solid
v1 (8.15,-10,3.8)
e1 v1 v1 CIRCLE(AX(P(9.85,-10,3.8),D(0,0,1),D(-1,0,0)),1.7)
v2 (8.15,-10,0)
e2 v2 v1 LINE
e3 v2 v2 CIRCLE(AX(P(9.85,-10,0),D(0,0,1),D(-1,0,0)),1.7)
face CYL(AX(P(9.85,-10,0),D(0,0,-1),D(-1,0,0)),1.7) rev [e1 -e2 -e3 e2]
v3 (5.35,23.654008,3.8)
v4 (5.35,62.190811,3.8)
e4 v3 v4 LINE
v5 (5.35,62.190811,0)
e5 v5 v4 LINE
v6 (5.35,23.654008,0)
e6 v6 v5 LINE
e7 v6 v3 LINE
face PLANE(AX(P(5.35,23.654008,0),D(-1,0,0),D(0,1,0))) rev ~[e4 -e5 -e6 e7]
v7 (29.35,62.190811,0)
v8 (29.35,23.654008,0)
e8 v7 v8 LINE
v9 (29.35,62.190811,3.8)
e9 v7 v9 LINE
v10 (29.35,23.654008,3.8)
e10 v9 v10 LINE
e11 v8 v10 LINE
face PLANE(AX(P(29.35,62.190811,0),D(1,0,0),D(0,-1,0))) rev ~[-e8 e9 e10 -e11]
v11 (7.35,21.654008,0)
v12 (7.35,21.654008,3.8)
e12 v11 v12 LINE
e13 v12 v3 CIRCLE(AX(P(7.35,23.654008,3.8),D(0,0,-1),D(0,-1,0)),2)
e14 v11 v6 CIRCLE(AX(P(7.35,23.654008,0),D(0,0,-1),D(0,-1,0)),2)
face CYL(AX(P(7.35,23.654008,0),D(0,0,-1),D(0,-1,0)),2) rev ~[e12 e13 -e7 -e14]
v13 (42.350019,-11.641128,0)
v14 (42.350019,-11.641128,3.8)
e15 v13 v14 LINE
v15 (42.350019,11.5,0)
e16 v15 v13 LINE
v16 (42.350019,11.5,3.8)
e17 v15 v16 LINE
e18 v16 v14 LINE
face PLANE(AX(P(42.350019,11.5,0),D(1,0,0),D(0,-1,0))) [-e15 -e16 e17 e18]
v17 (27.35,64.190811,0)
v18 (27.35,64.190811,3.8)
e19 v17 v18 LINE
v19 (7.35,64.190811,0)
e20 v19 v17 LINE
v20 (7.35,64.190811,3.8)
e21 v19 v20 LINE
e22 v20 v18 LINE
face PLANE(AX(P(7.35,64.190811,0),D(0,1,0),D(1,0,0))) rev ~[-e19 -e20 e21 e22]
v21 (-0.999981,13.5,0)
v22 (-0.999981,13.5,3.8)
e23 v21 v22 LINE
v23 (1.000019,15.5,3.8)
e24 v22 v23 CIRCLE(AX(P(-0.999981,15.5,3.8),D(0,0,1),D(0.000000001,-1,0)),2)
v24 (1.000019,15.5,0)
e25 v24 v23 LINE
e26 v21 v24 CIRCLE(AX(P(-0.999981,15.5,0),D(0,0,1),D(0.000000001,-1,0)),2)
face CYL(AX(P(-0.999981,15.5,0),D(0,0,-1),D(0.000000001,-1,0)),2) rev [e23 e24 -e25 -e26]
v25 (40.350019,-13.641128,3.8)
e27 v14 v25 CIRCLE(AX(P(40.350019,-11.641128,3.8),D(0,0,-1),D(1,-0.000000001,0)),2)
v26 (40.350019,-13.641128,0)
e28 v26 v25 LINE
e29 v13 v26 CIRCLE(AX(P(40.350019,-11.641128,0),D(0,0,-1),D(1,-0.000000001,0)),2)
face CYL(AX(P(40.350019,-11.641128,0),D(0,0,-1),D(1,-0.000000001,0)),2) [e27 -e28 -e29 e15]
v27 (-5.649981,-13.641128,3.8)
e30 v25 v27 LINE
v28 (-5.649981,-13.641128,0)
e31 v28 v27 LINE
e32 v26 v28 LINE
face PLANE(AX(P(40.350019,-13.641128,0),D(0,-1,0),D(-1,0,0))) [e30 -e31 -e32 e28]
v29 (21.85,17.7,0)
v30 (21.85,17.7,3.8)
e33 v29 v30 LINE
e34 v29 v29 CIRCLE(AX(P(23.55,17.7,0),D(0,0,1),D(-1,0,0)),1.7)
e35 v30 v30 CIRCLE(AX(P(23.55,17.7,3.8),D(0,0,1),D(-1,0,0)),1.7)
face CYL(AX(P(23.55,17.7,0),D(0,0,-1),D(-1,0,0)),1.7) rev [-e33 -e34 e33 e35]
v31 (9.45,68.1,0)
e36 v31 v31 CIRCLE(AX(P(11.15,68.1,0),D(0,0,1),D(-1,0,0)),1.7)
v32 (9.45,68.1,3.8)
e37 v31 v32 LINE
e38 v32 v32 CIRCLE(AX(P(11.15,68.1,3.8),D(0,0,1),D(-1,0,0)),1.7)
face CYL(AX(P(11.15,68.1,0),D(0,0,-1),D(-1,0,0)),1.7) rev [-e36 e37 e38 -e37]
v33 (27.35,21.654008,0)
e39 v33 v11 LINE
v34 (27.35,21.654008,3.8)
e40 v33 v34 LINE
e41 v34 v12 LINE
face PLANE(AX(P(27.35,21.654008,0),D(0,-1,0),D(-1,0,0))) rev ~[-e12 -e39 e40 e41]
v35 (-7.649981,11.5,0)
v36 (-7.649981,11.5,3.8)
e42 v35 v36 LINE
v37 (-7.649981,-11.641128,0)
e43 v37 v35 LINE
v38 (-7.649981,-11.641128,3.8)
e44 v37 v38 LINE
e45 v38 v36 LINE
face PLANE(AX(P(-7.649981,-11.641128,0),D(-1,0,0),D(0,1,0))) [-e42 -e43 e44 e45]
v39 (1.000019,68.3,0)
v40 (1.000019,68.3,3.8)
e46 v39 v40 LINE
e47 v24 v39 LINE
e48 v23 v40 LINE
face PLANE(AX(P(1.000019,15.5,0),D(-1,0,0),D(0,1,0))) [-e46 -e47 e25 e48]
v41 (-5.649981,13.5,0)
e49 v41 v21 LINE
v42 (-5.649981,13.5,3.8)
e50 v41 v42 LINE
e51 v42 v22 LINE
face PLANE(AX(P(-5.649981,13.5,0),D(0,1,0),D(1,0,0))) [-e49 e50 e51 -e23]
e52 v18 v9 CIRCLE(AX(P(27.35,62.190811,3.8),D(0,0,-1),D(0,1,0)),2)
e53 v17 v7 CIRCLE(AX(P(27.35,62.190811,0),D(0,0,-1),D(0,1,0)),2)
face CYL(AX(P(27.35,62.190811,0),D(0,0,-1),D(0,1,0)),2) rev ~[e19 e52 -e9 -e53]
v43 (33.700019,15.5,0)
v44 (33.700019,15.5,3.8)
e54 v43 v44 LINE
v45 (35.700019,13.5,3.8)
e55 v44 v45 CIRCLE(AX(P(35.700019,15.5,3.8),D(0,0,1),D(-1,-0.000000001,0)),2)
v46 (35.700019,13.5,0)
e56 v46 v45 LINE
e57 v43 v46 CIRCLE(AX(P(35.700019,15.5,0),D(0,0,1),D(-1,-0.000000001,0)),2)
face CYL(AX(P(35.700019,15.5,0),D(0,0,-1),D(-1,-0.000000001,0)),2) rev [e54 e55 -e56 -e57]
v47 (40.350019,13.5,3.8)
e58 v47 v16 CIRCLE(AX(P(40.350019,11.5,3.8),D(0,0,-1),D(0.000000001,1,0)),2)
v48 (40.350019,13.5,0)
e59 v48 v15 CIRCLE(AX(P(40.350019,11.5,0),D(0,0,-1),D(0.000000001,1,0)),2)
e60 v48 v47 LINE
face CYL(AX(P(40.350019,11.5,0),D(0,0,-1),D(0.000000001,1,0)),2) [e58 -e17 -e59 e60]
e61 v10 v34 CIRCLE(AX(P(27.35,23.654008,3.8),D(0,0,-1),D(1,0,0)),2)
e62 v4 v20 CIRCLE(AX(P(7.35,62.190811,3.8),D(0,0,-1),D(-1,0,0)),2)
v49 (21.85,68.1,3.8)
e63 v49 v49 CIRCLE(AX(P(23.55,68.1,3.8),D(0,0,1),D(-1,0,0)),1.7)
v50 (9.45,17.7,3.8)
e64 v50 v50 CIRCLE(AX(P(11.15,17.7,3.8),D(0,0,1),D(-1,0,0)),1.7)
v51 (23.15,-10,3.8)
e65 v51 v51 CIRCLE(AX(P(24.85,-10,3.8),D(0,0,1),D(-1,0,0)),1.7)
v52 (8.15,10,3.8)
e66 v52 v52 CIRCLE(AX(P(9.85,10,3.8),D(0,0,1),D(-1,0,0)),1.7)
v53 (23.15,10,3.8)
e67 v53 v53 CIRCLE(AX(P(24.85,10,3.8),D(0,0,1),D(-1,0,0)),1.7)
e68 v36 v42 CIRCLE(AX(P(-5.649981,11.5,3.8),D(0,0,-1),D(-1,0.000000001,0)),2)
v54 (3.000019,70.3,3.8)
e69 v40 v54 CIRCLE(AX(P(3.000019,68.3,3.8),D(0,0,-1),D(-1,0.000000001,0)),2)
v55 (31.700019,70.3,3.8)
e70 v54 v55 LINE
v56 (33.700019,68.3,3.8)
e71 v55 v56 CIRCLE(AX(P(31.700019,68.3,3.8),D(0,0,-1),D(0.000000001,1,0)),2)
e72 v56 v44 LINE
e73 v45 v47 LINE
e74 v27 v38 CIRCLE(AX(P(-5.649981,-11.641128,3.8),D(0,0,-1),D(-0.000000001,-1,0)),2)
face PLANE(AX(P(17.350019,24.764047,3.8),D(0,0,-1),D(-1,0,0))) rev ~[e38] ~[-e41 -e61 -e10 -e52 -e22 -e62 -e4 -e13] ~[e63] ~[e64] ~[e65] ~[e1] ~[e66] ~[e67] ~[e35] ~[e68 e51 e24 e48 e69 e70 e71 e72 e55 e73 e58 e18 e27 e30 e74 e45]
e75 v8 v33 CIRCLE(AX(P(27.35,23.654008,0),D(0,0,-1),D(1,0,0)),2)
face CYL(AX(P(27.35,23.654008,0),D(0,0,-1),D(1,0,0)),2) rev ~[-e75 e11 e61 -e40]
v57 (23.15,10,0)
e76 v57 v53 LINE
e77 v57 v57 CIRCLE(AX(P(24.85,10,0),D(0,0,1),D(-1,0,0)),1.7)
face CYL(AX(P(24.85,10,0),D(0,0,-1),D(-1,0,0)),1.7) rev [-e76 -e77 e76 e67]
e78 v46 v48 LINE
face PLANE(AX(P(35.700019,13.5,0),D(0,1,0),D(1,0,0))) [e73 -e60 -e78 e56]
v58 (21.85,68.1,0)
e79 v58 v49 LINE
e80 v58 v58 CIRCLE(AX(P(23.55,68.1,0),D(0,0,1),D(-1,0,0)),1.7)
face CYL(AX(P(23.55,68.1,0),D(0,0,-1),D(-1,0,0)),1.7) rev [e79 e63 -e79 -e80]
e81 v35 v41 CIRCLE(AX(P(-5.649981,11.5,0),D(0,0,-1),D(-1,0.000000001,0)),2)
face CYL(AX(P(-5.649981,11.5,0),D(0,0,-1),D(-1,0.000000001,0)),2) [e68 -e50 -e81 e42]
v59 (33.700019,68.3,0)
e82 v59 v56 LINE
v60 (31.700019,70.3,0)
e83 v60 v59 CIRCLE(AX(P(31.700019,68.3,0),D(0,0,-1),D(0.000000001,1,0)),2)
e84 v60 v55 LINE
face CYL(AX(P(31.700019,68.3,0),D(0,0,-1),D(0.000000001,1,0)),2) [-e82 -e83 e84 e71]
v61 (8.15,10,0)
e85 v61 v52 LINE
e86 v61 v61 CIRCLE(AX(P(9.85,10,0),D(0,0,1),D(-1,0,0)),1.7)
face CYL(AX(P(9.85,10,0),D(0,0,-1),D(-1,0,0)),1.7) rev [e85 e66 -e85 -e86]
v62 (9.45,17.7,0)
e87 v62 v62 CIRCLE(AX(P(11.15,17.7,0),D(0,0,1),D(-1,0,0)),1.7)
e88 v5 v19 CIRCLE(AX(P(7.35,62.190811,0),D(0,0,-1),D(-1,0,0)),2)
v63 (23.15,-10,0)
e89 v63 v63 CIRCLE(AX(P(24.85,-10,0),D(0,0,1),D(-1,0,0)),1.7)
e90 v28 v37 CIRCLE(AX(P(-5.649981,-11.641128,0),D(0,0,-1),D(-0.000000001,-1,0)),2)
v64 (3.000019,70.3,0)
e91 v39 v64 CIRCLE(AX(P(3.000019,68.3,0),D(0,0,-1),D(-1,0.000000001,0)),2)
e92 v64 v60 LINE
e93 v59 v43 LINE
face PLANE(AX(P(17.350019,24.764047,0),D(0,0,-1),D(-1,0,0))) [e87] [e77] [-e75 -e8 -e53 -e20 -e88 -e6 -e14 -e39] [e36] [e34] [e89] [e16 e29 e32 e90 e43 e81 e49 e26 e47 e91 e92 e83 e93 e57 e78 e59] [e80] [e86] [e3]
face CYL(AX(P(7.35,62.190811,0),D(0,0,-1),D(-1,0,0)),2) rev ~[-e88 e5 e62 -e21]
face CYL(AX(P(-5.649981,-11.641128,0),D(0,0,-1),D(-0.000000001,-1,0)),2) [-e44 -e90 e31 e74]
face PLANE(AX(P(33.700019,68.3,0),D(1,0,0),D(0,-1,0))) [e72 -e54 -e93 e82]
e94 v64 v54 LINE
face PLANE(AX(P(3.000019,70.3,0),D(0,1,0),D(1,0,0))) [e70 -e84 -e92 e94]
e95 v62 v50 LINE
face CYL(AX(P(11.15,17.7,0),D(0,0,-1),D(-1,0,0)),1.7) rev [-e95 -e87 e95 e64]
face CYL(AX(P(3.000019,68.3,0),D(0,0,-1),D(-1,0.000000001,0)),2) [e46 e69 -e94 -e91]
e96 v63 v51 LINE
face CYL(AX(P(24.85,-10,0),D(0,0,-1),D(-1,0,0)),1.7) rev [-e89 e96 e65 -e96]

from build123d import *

# Parameters (mm, degrees)
SKETCH1_R           = 1.7
BOSS_EXTRUDE1_DEPTH = 3.8


with BuildPart() as part:
    # Sketch1 → Boss-Extrude1 (new body)
    with BuildSketch(Plane.XY):
        with BuildLine():
            Line((3.000019473, 70.3), (31.700019473, 70.3))
            ThreePointArc((31.700019473, 70.3), (33.114233035, 69.714213562), (33.700019473, 68.3))
            Line((33.700019473, 68.3), (33.700019473, 15.5))
            ThreePointArc((33.700019473, 15.5), (34.285805911, 14.085786438), (35.700019473, 13.5))
            Line((35.700019473, 13.5), (40.350019473, 13.5))
            ThreePointArc((40.350019473, 13.5), (41.764233035, 12.914213562), (42.350019473, 11.5))
            Line((42.350019473, 11.5), (42.350019473, -11.641128199))
            ThreePointArc((42.350019473, -11.641128199), (41.764233035, -13.055341761), (40.350019473, -13.641128199))
            Line((40.350019473, -13.641128199), (31.700019473, -13.641128199))
            Line((31.700019473, -13.641128199), (3.000019473, -13.641128199))
            Line((3.000019473, -13.641128199), (-5.649980527, -13.641128199))
            ThreePointArc((-5.649980527, -13.641128199), (-7.064194089, -13.055341761), (-7.649980527, -11.641128199))
            Line((-7.649980527, -11.641128199), (-7.649980527, 11.5))
            ThreePointArc((-7.649980527, 11.5), (-7.064194089, 12.914213562), (-5.649980527, 13.5))
            Line((-5.649980527, 13.5), (-0.999980527, 13.5))
            ThreePointArc((-0.999980527, 13.5), (0.414233035, 14.085786438), (1.000019473, 15.5))
            Line((1.000019473, 15.5), (1.000019473, 68.3))
            ThreePointArc((1.000019473, 68.3), (1.585805911, 69.714213562), (3.000019473, 70.3))
        make_face()
        with Locations(Location((11.15, 17.7, 0), (0, 0, 180))):
            Circle(SKETCH1_R, mode=Mode.SUBTRACT)
        with Locations(Location((9.85, 10, 0), (0, 0, 180))):
            Circle(SKETCH1_R, mode=Mode.SUBTRACT)
        with Locations(Location((24.85, 10, 0), (0, 0, 180))):
            Circle(SKETCH1_R, mode=Mode.SUBTRACT)
        with Locations(Location((9.85, -10, 0), (0, 0, 180))):
            Circle(SKETCH1_R, mode=Mode.SUBTRACT)
        with Locations(Location((24.85, -10, 0), (0, 0, 180))):
            Circle(SKETCH1_R, mode=Mode.SUBTRACT)
        with Locations(Location((23.55, 17.7, 0), (0, 0, 180))):
            Circle(SKETCH1_R, mode=Mode.SUBTRACT)
        with Locations(Location((23.55, 68.1, 0), (0, 0, 180))):
            Circle(SKETCH1_R, mode=Mode.SUBTRACT)
        with Locations(Location((11.15, 68.1, 0), (0, 0, 180))):
            Circle(SKETCH1_R, mode=Mode.SUBTRACT)
        with BuildLine():
            Line((7.35, 64.190811085), (27.35, 64.190811085))
            ThreePointArc((27.35, 64.190811085), (28.764213562, 63.605024648), (29.35, 62.190811085))
            Line((29.35, 62.190811085), (29.35, 23.654008347))
            ThreePointArc((29.35, 23.654008347), (28.764213562, 22.239794784), (27.35, 21.654008347))
            Line((27.35, 21.654008347), (7.35, 21.654008347))
            ThreePointArc((7.35, 21.654008347), (5.935786438, 22.239794784), (5.35, 23.654008347))
            Line((5.35, 23.654008347), (5.35, 62.190811085))
            ThreePointArc((5.35, 62.190811085), (5.935786438, 63.605024648), (7.35, 64.190811085))
        make_face(mode=Mode.SUBTRACT)
    extrude(amount=BOSS_EXTRUDE1_DEPTH)


solid = part.part
